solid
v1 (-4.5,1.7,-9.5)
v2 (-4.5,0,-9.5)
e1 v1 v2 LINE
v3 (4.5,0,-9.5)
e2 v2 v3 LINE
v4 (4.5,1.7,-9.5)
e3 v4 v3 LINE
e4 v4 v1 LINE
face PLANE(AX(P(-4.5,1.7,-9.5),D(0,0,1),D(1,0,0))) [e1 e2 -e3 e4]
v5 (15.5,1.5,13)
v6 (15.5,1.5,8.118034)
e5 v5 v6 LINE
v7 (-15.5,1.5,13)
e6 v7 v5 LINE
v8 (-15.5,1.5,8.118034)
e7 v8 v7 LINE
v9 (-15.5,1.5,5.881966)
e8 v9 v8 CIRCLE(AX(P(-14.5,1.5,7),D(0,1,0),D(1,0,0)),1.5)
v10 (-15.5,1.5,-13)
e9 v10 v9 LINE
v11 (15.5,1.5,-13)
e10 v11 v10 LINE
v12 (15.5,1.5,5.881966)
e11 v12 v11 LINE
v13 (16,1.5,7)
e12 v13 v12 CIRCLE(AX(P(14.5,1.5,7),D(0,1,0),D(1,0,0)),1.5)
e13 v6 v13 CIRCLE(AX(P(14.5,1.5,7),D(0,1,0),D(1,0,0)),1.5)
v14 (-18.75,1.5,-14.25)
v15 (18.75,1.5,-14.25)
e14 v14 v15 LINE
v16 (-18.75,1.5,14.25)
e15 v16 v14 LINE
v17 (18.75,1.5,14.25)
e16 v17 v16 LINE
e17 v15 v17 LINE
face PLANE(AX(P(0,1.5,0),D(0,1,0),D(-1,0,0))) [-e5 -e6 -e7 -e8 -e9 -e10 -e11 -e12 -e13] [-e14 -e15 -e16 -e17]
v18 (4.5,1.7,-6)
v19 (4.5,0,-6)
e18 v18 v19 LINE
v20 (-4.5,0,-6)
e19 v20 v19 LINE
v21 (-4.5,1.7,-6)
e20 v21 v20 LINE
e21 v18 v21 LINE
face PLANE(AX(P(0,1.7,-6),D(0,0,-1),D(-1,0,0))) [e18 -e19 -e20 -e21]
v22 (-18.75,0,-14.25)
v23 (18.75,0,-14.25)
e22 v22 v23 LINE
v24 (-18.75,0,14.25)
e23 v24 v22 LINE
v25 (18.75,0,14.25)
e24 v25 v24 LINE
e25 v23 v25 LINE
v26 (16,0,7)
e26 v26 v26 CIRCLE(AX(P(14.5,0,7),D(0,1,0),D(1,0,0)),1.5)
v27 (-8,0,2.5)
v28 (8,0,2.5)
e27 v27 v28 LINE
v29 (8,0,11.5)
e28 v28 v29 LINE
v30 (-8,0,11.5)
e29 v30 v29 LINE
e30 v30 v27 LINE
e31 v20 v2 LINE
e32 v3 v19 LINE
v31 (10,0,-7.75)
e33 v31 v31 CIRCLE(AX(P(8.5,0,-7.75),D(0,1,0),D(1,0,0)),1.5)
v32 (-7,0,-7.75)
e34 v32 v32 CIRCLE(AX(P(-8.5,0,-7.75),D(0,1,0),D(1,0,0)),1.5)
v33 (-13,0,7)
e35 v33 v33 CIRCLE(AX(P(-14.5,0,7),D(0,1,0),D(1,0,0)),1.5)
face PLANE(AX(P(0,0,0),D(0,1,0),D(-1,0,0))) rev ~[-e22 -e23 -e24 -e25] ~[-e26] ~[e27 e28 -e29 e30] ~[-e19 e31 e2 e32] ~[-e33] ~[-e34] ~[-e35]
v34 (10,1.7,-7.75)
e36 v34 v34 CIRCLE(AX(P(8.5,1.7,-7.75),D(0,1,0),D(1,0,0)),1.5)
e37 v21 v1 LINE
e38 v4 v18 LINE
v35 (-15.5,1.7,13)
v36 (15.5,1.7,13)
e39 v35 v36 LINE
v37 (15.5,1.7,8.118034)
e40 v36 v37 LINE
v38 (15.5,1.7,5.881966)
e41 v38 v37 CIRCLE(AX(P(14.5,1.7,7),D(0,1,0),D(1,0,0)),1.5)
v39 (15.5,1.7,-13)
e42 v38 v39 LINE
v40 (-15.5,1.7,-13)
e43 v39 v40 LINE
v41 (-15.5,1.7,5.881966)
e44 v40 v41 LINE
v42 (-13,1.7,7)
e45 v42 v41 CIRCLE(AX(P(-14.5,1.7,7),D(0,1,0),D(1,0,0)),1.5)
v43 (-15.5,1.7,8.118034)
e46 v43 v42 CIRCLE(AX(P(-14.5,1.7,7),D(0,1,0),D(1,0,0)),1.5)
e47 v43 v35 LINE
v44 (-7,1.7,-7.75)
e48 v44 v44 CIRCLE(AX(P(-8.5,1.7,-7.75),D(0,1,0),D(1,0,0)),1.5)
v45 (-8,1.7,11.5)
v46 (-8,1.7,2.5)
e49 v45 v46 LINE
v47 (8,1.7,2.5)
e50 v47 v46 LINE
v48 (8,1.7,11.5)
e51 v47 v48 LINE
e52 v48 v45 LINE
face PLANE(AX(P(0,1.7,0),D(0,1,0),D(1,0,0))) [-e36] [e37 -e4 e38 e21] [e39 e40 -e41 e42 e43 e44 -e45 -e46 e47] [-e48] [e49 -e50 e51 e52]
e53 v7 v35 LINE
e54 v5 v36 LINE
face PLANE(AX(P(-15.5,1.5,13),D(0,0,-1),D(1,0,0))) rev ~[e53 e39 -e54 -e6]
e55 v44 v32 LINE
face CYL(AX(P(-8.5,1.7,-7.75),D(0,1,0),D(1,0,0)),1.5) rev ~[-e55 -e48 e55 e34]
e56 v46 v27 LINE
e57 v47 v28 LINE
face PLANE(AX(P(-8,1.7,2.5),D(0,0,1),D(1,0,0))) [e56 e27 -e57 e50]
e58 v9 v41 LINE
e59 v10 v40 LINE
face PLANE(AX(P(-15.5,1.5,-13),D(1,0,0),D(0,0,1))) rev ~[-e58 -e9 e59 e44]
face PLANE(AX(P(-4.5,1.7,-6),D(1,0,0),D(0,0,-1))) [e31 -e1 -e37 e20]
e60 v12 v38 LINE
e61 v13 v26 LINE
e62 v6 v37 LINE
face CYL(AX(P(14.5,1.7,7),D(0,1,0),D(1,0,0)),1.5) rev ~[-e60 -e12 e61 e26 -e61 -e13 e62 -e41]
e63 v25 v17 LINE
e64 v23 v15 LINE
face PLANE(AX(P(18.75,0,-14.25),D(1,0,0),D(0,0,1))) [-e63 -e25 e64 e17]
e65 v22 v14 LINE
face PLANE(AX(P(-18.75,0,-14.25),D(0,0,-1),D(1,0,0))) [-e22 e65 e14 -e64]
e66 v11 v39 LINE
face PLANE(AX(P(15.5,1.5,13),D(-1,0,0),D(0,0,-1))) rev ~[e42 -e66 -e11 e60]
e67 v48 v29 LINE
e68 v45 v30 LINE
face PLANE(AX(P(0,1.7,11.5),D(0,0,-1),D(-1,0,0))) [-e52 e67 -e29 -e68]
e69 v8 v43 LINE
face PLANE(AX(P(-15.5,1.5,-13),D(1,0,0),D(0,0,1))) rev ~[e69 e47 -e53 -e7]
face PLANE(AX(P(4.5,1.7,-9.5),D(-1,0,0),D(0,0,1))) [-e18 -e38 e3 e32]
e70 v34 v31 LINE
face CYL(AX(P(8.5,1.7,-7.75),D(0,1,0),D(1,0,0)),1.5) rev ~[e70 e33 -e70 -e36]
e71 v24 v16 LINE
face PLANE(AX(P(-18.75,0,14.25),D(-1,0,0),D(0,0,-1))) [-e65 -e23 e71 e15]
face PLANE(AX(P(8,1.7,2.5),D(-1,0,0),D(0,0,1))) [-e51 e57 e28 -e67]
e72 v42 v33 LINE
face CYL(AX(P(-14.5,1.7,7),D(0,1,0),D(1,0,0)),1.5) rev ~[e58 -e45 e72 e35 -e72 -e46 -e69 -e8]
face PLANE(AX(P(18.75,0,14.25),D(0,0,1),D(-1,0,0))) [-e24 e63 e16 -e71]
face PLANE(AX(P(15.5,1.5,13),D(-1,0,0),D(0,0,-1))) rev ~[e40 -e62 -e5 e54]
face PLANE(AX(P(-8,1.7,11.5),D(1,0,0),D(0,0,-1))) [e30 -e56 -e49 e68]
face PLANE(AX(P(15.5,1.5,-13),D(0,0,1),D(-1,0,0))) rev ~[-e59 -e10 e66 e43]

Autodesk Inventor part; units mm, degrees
ref_plane "YZ Plane" through (0, 0, 0) normal (1, 0, 0) x (0, 1, 0)
ref_plane "XZ Plane" through (0, 0, 0) normal (0, 1, 0) x (-1, 0, 0)
ref_plane "XY Plane" through (0, 0, 0) normal (0, 0, 1) x (1, 0, 0)
sketch "Sketch1" plane through (0, 0, 0) normal (0, 1, 0) x (-1, 0, 0)
  line L0 (15.5, 13) -> (-15.5, 13)
  line L1 (-15.5, 13) -> (-15.5, -13)
  line L2 (-15.5, -13) -> (15.5, -13)
  line L3 (15.5, -13) -> (15.5, 13)
  line L4 (15.5, 13) -> (-15.5, -13) construction
  line L5 (-15.5, 13) -> (15.5, -13) construction
  line L6 (18.75, -14.25) -> (-18.75, -14.25)
  line L7 (-18.75, -14.25) -> (-18.75, 14.25)
  line L8 (-18.75, 14.25) -> (18.75, 14.25)
  line L9 (18.75, 14.25) -> (18.75, -14.25)
  line L10 (18.75, -14.25) -> (-18.75, 14.25) construction
  line L11 (-18.75, -14.25) -> (18.75, 14.25) construction
  point P0 (0, 0)
  dimension "d0" = 31
  dimension "d1" = 26
  dimension "d16" = 37.5
  dimension "d17" = 28.5
extrude "Extrusion2" add sketch "Sketch1" along normal blind 1.5 contours L3 L2 L1 L0 | L6 L7 L8 L9
sketch "Sketch2" plane through (0, 1.5, 0) normal (0, 1, 0) x (1, 0, 0)
  line L0 (15.5, 13) -> (-15.5, 13) projected
  line L1 (-15.5, -13) -> (15.5, -13) projected
  line L2 (-18.75, -14.25) -> (18.75, -14.25) projected
  line L3 (18.75, -14.25) -> (18.75, 14.25) projected
  line L4 (18.75, 14.25) -> (-18.75, 14.25) projected
  line L5 (-18.75, 14.25) -> (-18.75, -14.25) projected
  line L6 (15.5, -13) -> (15.5, 13) projected
  line L7 (-15.5, 13) -> (-15.5, -13) projected
  point P0 (0, 0)
extrude "Extrusion4" add sketch "Sketch2" along normal blind 0.2 contours L6 L1 L7 L0
sketch "Sketch3" plane through (0, 1.7, 0) normal (0, 1, 0) x (1, 0, 0)
  circle A0 centre (-14.5, -7) radius 1.5
  circle A1 centre (14.5, -7) radius 1.5
  circle A2 centre (-8.5, 7.75) radius 1.5
  circle A3 centre (8.5, 7.75) radius 1.5
  line L0 (0, -13.0822) -> (0, 13.0822)
  line L1 (-15.5, -13) -> (15.5, -13) projected
  line L2 (15.5, 13) -> (-15.5, 13) projected
  line L3 (8, -11.5) -> (-8, -11.5)
  line L4 (-8, -11.5) -> (-8, -2.5)
  line L5 (-8, -2.5) -> (8, -2.5)
  line L6 (8, -2.5) -> (8, -11.5)
  line L7 (8, -11.5) -> (-8, -2.5) construction
  line L8 (-8, -11.5) -> (8, -2.5) construction
  line L9 (4.5, 6) -> (-4.5, 6)
  line L10 (-4.5, 6) -> (-4.5, 9.5)
  line L11 (-4.5, 9.5) -> (4.5, 9.5)
  line L12 (4.5, 9.5) -> (4.5, 6)
  line L13 (4.5, 6) -> (-4.5, 9.5) construction
  line L14 (-4.5, 6) -> (4.5, 9.5) construction
  point P0 (0, 0)
  point P1 (0, -7)
  point P2 (0, 7.75)
  dimension "d25" = 3
  dimension "d26" = 3
  dimension "d27" = 3
  dimension "d28" = 3
  dimension "d29" = 8.5
  dimension "d30" = 8.5
  dimension "d31" = 14.5
  dimension "d32" = 14.5
  dimension "d33" = 6
  dimension "d34" = 6
  dimension "d35" = 5.25
  dimension "d36" = 5.25
  dimension "d37" = 16
  dimension "d38" = 9
  dimension "d39" = 9
  dimension "d40" = 3.5
extrude "Extrusion5" cut sketch "Sketch3" against normal up to surface (1.7 mm away)
sketch "Sketch4" plane through (0, 0, 0) normal (0, -1, 0) x (1, 0, 0)
  line L0 (-15.5, 13) -> (15.5, 13) projected
  line L1 (15.5, 13) -> (15.5, -13) projected
  line L2 (-15.5, -13) -> (-15.5, 13) projected
  line L3 (15.5, -13) -> (-15.5, -13) projected
  point P0 (0, 0)
equation "\"d30\" = d29"
equation "\"d32\" = d31"
equation "\"d34\" = d33"
equation "\"d36\" = d35"
properties part number "USB inner clamp plate_3DPrint"
